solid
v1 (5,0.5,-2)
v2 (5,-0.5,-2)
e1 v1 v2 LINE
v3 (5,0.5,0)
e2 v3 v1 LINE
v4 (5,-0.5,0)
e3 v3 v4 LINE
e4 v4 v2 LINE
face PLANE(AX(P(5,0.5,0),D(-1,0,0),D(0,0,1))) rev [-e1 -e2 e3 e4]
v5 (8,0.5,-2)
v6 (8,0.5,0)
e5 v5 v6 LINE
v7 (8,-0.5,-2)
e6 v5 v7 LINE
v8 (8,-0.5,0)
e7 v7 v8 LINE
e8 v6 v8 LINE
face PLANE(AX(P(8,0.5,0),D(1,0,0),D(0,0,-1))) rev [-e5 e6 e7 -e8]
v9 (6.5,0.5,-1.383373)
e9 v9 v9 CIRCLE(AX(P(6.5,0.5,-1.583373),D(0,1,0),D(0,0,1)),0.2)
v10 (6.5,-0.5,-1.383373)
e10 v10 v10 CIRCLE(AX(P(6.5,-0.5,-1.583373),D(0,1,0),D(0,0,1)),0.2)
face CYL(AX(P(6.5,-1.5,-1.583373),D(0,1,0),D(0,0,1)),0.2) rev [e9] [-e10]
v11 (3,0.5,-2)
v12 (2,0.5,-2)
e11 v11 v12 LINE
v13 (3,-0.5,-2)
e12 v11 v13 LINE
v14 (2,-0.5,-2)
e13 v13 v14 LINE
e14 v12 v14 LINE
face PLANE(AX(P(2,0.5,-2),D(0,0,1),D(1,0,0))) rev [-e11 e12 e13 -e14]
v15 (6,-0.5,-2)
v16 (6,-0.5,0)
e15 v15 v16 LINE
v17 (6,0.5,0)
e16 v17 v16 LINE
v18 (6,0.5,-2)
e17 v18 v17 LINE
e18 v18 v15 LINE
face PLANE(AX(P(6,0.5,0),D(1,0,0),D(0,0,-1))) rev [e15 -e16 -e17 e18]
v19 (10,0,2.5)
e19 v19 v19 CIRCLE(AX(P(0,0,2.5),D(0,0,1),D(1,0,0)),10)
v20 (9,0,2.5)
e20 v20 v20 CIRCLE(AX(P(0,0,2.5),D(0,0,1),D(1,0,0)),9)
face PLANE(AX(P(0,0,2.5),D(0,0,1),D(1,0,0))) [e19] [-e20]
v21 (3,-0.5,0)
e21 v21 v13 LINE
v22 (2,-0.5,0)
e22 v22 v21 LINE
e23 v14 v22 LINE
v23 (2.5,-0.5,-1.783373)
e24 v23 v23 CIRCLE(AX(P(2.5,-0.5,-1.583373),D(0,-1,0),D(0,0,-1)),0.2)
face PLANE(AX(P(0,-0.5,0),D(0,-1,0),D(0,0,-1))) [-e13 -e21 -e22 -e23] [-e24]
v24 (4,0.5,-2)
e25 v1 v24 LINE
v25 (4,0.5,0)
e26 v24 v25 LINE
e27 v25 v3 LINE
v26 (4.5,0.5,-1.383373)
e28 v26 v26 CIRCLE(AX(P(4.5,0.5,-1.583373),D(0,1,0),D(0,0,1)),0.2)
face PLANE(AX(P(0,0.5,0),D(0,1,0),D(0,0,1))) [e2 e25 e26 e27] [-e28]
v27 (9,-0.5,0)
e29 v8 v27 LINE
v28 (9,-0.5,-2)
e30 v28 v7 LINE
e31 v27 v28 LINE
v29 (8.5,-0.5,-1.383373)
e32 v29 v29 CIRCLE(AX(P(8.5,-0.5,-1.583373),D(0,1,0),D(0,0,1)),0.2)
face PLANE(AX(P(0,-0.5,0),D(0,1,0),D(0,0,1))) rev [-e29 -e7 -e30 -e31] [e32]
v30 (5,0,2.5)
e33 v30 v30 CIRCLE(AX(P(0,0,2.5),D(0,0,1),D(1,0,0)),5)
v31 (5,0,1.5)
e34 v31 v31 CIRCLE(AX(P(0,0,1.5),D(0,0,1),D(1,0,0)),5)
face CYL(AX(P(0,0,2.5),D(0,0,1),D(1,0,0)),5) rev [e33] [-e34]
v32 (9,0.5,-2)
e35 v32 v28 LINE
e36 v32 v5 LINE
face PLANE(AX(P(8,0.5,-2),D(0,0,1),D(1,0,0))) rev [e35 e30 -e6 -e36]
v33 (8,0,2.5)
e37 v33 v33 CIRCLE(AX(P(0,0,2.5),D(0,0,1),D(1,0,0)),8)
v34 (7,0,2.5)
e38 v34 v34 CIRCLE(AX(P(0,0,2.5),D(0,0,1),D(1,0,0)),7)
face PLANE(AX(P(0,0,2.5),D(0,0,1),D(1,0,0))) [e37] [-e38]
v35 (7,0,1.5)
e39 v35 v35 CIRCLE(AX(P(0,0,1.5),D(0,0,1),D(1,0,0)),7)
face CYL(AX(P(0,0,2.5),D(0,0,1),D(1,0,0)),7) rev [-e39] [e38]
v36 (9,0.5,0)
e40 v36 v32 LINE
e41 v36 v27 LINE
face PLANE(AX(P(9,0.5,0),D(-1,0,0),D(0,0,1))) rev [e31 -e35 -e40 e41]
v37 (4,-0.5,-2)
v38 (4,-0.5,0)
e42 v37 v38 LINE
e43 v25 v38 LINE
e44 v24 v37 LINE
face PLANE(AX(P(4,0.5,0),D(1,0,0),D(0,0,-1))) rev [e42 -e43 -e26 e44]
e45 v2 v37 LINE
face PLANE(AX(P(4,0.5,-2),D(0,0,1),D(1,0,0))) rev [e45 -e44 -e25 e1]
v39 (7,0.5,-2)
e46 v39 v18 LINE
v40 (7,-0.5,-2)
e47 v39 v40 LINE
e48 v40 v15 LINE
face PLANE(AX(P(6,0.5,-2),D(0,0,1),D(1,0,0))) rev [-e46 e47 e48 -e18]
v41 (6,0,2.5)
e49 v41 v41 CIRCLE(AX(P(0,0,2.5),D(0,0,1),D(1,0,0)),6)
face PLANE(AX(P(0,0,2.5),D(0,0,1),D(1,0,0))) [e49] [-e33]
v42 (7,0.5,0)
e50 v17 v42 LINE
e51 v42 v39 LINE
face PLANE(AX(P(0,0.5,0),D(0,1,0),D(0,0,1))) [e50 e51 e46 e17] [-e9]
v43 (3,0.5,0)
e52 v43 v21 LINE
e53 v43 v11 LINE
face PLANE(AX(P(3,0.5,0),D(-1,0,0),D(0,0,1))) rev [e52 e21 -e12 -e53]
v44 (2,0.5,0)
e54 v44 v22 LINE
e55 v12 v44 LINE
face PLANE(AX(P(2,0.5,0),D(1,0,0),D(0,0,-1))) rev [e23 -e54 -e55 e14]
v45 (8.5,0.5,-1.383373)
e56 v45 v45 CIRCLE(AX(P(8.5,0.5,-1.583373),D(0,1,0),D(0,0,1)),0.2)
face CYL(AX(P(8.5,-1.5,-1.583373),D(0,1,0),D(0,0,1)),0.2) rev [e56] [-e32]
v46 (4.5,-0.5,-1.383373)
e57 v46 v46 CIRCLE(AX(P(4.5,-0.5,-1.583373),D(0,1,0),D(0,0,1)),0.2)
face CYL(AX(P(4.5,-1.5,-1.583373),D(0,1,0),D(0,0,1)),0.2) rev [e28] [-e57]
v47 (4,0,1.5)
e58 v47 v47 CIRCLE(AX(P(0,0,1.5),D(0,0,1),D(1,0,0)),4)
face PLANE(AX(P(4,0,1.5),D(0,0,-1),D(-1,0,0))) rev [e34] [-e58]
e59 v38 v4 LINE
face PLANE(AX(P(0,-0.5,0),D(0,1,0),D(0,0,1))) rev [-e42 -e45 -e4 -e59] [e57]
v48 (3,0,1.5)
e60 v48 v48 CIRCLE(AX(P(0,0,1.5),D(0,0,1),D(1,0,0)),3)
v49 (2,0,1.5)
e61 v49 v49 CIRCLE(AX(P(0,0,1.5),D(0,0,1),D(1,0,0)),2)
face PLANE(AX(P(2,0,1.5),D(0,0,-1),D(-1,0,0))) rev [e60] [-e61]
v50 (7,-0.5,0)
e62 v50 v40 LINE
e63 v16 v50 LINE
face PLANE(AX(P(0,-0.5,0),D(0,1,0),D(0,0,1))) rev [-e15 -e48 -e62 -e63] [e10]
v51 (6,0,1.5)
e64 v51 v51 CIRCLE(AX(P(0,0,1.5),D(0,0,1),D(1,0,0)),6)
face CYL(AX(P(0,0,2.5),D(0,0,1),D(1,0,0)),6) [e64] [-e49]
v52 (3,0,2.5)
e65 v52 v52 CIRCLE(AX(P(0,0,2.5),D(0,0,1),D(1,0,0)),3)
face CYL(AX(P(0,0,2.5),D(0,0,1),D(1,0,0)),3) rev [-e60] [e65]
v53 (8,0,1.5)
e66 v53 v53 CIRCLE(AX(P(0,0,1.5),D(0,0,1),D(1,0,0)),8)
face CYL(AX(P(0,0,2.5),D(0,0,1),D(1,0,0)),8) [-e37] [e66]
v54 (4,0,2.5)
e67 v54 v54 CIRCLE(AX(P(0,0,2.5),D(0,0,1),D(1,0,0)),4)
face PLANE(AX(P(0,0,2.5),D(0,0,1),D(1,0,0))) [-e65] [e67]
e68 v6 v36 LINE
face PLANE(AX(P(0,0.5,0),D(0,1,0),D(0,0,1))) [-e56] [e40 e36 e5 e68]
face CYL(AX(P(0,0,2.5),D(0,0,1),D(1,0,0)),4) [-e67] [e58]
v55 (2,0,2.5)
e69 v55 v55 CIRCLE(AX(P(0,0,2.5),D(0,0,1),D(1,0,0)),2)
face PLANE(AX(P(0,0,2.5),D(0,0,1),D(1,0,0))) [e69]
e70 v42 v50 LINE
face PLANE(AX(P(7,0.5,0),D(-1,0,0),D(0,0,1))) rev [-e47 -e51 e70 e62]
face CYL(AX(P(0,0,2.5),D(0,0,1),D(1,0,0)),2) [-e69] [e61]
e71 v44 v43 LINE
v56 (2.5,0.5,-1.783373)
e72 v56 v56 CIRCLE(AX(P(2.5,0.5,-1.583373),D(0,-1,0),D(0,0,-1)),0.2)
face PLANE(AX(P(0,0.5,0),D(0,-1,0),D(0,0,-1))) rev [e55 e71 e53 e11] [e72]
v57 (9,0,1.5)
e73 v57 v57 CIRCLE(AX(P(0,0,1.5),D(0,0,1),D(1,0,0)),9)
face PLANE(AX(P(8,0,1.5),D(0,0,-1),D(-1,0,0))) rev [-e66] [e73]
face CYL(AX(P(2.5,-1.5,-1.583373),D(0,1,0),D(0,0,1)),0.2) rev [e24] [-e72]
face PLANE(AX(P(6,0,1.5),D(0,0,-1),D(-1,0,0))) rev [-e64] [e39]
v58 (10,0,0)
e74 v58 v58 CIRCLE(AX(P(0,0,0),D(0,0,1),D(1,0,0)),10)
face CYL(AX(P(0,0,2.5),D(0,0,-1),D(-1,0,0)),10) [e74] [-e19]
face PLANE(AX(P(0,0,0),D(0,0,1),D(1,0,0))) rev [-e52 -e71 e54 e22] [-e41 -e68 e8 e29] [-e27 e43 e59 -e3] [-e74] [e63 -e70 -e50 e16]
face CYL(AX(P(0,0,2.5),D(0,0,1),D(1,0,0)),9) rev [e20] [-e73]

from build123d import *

# Parameters (mm, degrees)
SKETCH1_R           = 10
BOSS_EXTRUDE1_DEPTH = 2.5
SKETCH5_W           = 1
SKETCH5_H           = 1
SKETCH6_W           = 1
SKETCH6_H           = 2
BOSS_EXTRUDE2_DEPTH = 0.5
SKETCH7_R           = 0.2
CUT_EXTRUDE1_DEPTH  = 1.5


with BuildPart() as part:
    # Sketch1 → Boss-Extrude1 (new body)
    with BuildSketch(Plane(origin=(0, 0, 0), x_dir=(0, 1, 0), z_dir=(0, 0, 1))):
        with Locations(Location((0, 0, 0), (0, 0, 270))):
            Circle(SKETCH1_R)
    extrude(amount=BOSS_EXTRUDE1_DEPTH)

    # Sketch5 → Cut-Revolve1 (revolve, cut)
    with BuildSketch(Plane(origin=(0, 0, 0), x_dir=(-1, 0, 0), z_dir=(0, 1, 0))):
        with Locations((-4.5, 2)):
            Rectangle(SKETCH5_W, SKETCH5_H)
        with Locations((-2.5, 2)):
            Rectangle(SKETCH5_W, SKETCH5_H)
        with Locations((-6.5, 2)):
            Rectangle(SKETCH5_W, SKETCH5_H)
        with Locations((-8.5, 2)):
            Rectangle(SKETCH5_W, SKETCH5_H)
    revolve(axis=Axis((0, 0, 2.5), (0, 0, -1)), mode=Mode.SUBTRACT)

    # Sketch6 → Boss-Extrude2 (add, symmetric)
    with BuildSketch(Plane(origin=(0, 0, 0), x_dir=(-1, 0, 0), z_dir=(0, 1, 0))):
        with Locations((-2.5, -1)):
            Rectangle(SKETCH6_W, SKETCH6_H)
        with Locations((-4.5, -1)):
            Rectangle(SKETCH6_W, SKETCH6_H)
        with Locations((-6.5, -1)):
            Rectangle(SKETCH6_W, SKETCH6_H)
        with Locations((-8.5, -1)):
            Rectangle(SKETCH6_W, SKETCH6_H)
    extrude(amount=BOSS_EXTRUDE2_DEPTH, both=True)

    # Sketch7 → Cut-Extrude1 (cut, symmetric)
    with BuildSketch(Plane(origin=(0, 0, 0), x_dir=(-1, 0, 0), z_dir=(0, 1, 0))):
        with Locations(Location((-8.5, -1.583373246, 0), (0, 0, 90))):
            Circle(SKETCH7_R)
        with Locations(Location((-6.5, -1.583373246, 0), (0, 0, 90))):
            Circle(SKETCH7_R)
        with Locations(Location((-4.5, -1.583373246, 0), (0, 0, 90))):
            Circle(SKETCH7_R)
        with Locations(Location((-2.5, -1.583373246, 0), (0, 0, 270))):
            Circle(SKETCH7_R)
    extrude(amount=CUT_EXTRUDE1_DEPTH, both=True, mode=Mode.SUBTRACT)


solid = part.part
